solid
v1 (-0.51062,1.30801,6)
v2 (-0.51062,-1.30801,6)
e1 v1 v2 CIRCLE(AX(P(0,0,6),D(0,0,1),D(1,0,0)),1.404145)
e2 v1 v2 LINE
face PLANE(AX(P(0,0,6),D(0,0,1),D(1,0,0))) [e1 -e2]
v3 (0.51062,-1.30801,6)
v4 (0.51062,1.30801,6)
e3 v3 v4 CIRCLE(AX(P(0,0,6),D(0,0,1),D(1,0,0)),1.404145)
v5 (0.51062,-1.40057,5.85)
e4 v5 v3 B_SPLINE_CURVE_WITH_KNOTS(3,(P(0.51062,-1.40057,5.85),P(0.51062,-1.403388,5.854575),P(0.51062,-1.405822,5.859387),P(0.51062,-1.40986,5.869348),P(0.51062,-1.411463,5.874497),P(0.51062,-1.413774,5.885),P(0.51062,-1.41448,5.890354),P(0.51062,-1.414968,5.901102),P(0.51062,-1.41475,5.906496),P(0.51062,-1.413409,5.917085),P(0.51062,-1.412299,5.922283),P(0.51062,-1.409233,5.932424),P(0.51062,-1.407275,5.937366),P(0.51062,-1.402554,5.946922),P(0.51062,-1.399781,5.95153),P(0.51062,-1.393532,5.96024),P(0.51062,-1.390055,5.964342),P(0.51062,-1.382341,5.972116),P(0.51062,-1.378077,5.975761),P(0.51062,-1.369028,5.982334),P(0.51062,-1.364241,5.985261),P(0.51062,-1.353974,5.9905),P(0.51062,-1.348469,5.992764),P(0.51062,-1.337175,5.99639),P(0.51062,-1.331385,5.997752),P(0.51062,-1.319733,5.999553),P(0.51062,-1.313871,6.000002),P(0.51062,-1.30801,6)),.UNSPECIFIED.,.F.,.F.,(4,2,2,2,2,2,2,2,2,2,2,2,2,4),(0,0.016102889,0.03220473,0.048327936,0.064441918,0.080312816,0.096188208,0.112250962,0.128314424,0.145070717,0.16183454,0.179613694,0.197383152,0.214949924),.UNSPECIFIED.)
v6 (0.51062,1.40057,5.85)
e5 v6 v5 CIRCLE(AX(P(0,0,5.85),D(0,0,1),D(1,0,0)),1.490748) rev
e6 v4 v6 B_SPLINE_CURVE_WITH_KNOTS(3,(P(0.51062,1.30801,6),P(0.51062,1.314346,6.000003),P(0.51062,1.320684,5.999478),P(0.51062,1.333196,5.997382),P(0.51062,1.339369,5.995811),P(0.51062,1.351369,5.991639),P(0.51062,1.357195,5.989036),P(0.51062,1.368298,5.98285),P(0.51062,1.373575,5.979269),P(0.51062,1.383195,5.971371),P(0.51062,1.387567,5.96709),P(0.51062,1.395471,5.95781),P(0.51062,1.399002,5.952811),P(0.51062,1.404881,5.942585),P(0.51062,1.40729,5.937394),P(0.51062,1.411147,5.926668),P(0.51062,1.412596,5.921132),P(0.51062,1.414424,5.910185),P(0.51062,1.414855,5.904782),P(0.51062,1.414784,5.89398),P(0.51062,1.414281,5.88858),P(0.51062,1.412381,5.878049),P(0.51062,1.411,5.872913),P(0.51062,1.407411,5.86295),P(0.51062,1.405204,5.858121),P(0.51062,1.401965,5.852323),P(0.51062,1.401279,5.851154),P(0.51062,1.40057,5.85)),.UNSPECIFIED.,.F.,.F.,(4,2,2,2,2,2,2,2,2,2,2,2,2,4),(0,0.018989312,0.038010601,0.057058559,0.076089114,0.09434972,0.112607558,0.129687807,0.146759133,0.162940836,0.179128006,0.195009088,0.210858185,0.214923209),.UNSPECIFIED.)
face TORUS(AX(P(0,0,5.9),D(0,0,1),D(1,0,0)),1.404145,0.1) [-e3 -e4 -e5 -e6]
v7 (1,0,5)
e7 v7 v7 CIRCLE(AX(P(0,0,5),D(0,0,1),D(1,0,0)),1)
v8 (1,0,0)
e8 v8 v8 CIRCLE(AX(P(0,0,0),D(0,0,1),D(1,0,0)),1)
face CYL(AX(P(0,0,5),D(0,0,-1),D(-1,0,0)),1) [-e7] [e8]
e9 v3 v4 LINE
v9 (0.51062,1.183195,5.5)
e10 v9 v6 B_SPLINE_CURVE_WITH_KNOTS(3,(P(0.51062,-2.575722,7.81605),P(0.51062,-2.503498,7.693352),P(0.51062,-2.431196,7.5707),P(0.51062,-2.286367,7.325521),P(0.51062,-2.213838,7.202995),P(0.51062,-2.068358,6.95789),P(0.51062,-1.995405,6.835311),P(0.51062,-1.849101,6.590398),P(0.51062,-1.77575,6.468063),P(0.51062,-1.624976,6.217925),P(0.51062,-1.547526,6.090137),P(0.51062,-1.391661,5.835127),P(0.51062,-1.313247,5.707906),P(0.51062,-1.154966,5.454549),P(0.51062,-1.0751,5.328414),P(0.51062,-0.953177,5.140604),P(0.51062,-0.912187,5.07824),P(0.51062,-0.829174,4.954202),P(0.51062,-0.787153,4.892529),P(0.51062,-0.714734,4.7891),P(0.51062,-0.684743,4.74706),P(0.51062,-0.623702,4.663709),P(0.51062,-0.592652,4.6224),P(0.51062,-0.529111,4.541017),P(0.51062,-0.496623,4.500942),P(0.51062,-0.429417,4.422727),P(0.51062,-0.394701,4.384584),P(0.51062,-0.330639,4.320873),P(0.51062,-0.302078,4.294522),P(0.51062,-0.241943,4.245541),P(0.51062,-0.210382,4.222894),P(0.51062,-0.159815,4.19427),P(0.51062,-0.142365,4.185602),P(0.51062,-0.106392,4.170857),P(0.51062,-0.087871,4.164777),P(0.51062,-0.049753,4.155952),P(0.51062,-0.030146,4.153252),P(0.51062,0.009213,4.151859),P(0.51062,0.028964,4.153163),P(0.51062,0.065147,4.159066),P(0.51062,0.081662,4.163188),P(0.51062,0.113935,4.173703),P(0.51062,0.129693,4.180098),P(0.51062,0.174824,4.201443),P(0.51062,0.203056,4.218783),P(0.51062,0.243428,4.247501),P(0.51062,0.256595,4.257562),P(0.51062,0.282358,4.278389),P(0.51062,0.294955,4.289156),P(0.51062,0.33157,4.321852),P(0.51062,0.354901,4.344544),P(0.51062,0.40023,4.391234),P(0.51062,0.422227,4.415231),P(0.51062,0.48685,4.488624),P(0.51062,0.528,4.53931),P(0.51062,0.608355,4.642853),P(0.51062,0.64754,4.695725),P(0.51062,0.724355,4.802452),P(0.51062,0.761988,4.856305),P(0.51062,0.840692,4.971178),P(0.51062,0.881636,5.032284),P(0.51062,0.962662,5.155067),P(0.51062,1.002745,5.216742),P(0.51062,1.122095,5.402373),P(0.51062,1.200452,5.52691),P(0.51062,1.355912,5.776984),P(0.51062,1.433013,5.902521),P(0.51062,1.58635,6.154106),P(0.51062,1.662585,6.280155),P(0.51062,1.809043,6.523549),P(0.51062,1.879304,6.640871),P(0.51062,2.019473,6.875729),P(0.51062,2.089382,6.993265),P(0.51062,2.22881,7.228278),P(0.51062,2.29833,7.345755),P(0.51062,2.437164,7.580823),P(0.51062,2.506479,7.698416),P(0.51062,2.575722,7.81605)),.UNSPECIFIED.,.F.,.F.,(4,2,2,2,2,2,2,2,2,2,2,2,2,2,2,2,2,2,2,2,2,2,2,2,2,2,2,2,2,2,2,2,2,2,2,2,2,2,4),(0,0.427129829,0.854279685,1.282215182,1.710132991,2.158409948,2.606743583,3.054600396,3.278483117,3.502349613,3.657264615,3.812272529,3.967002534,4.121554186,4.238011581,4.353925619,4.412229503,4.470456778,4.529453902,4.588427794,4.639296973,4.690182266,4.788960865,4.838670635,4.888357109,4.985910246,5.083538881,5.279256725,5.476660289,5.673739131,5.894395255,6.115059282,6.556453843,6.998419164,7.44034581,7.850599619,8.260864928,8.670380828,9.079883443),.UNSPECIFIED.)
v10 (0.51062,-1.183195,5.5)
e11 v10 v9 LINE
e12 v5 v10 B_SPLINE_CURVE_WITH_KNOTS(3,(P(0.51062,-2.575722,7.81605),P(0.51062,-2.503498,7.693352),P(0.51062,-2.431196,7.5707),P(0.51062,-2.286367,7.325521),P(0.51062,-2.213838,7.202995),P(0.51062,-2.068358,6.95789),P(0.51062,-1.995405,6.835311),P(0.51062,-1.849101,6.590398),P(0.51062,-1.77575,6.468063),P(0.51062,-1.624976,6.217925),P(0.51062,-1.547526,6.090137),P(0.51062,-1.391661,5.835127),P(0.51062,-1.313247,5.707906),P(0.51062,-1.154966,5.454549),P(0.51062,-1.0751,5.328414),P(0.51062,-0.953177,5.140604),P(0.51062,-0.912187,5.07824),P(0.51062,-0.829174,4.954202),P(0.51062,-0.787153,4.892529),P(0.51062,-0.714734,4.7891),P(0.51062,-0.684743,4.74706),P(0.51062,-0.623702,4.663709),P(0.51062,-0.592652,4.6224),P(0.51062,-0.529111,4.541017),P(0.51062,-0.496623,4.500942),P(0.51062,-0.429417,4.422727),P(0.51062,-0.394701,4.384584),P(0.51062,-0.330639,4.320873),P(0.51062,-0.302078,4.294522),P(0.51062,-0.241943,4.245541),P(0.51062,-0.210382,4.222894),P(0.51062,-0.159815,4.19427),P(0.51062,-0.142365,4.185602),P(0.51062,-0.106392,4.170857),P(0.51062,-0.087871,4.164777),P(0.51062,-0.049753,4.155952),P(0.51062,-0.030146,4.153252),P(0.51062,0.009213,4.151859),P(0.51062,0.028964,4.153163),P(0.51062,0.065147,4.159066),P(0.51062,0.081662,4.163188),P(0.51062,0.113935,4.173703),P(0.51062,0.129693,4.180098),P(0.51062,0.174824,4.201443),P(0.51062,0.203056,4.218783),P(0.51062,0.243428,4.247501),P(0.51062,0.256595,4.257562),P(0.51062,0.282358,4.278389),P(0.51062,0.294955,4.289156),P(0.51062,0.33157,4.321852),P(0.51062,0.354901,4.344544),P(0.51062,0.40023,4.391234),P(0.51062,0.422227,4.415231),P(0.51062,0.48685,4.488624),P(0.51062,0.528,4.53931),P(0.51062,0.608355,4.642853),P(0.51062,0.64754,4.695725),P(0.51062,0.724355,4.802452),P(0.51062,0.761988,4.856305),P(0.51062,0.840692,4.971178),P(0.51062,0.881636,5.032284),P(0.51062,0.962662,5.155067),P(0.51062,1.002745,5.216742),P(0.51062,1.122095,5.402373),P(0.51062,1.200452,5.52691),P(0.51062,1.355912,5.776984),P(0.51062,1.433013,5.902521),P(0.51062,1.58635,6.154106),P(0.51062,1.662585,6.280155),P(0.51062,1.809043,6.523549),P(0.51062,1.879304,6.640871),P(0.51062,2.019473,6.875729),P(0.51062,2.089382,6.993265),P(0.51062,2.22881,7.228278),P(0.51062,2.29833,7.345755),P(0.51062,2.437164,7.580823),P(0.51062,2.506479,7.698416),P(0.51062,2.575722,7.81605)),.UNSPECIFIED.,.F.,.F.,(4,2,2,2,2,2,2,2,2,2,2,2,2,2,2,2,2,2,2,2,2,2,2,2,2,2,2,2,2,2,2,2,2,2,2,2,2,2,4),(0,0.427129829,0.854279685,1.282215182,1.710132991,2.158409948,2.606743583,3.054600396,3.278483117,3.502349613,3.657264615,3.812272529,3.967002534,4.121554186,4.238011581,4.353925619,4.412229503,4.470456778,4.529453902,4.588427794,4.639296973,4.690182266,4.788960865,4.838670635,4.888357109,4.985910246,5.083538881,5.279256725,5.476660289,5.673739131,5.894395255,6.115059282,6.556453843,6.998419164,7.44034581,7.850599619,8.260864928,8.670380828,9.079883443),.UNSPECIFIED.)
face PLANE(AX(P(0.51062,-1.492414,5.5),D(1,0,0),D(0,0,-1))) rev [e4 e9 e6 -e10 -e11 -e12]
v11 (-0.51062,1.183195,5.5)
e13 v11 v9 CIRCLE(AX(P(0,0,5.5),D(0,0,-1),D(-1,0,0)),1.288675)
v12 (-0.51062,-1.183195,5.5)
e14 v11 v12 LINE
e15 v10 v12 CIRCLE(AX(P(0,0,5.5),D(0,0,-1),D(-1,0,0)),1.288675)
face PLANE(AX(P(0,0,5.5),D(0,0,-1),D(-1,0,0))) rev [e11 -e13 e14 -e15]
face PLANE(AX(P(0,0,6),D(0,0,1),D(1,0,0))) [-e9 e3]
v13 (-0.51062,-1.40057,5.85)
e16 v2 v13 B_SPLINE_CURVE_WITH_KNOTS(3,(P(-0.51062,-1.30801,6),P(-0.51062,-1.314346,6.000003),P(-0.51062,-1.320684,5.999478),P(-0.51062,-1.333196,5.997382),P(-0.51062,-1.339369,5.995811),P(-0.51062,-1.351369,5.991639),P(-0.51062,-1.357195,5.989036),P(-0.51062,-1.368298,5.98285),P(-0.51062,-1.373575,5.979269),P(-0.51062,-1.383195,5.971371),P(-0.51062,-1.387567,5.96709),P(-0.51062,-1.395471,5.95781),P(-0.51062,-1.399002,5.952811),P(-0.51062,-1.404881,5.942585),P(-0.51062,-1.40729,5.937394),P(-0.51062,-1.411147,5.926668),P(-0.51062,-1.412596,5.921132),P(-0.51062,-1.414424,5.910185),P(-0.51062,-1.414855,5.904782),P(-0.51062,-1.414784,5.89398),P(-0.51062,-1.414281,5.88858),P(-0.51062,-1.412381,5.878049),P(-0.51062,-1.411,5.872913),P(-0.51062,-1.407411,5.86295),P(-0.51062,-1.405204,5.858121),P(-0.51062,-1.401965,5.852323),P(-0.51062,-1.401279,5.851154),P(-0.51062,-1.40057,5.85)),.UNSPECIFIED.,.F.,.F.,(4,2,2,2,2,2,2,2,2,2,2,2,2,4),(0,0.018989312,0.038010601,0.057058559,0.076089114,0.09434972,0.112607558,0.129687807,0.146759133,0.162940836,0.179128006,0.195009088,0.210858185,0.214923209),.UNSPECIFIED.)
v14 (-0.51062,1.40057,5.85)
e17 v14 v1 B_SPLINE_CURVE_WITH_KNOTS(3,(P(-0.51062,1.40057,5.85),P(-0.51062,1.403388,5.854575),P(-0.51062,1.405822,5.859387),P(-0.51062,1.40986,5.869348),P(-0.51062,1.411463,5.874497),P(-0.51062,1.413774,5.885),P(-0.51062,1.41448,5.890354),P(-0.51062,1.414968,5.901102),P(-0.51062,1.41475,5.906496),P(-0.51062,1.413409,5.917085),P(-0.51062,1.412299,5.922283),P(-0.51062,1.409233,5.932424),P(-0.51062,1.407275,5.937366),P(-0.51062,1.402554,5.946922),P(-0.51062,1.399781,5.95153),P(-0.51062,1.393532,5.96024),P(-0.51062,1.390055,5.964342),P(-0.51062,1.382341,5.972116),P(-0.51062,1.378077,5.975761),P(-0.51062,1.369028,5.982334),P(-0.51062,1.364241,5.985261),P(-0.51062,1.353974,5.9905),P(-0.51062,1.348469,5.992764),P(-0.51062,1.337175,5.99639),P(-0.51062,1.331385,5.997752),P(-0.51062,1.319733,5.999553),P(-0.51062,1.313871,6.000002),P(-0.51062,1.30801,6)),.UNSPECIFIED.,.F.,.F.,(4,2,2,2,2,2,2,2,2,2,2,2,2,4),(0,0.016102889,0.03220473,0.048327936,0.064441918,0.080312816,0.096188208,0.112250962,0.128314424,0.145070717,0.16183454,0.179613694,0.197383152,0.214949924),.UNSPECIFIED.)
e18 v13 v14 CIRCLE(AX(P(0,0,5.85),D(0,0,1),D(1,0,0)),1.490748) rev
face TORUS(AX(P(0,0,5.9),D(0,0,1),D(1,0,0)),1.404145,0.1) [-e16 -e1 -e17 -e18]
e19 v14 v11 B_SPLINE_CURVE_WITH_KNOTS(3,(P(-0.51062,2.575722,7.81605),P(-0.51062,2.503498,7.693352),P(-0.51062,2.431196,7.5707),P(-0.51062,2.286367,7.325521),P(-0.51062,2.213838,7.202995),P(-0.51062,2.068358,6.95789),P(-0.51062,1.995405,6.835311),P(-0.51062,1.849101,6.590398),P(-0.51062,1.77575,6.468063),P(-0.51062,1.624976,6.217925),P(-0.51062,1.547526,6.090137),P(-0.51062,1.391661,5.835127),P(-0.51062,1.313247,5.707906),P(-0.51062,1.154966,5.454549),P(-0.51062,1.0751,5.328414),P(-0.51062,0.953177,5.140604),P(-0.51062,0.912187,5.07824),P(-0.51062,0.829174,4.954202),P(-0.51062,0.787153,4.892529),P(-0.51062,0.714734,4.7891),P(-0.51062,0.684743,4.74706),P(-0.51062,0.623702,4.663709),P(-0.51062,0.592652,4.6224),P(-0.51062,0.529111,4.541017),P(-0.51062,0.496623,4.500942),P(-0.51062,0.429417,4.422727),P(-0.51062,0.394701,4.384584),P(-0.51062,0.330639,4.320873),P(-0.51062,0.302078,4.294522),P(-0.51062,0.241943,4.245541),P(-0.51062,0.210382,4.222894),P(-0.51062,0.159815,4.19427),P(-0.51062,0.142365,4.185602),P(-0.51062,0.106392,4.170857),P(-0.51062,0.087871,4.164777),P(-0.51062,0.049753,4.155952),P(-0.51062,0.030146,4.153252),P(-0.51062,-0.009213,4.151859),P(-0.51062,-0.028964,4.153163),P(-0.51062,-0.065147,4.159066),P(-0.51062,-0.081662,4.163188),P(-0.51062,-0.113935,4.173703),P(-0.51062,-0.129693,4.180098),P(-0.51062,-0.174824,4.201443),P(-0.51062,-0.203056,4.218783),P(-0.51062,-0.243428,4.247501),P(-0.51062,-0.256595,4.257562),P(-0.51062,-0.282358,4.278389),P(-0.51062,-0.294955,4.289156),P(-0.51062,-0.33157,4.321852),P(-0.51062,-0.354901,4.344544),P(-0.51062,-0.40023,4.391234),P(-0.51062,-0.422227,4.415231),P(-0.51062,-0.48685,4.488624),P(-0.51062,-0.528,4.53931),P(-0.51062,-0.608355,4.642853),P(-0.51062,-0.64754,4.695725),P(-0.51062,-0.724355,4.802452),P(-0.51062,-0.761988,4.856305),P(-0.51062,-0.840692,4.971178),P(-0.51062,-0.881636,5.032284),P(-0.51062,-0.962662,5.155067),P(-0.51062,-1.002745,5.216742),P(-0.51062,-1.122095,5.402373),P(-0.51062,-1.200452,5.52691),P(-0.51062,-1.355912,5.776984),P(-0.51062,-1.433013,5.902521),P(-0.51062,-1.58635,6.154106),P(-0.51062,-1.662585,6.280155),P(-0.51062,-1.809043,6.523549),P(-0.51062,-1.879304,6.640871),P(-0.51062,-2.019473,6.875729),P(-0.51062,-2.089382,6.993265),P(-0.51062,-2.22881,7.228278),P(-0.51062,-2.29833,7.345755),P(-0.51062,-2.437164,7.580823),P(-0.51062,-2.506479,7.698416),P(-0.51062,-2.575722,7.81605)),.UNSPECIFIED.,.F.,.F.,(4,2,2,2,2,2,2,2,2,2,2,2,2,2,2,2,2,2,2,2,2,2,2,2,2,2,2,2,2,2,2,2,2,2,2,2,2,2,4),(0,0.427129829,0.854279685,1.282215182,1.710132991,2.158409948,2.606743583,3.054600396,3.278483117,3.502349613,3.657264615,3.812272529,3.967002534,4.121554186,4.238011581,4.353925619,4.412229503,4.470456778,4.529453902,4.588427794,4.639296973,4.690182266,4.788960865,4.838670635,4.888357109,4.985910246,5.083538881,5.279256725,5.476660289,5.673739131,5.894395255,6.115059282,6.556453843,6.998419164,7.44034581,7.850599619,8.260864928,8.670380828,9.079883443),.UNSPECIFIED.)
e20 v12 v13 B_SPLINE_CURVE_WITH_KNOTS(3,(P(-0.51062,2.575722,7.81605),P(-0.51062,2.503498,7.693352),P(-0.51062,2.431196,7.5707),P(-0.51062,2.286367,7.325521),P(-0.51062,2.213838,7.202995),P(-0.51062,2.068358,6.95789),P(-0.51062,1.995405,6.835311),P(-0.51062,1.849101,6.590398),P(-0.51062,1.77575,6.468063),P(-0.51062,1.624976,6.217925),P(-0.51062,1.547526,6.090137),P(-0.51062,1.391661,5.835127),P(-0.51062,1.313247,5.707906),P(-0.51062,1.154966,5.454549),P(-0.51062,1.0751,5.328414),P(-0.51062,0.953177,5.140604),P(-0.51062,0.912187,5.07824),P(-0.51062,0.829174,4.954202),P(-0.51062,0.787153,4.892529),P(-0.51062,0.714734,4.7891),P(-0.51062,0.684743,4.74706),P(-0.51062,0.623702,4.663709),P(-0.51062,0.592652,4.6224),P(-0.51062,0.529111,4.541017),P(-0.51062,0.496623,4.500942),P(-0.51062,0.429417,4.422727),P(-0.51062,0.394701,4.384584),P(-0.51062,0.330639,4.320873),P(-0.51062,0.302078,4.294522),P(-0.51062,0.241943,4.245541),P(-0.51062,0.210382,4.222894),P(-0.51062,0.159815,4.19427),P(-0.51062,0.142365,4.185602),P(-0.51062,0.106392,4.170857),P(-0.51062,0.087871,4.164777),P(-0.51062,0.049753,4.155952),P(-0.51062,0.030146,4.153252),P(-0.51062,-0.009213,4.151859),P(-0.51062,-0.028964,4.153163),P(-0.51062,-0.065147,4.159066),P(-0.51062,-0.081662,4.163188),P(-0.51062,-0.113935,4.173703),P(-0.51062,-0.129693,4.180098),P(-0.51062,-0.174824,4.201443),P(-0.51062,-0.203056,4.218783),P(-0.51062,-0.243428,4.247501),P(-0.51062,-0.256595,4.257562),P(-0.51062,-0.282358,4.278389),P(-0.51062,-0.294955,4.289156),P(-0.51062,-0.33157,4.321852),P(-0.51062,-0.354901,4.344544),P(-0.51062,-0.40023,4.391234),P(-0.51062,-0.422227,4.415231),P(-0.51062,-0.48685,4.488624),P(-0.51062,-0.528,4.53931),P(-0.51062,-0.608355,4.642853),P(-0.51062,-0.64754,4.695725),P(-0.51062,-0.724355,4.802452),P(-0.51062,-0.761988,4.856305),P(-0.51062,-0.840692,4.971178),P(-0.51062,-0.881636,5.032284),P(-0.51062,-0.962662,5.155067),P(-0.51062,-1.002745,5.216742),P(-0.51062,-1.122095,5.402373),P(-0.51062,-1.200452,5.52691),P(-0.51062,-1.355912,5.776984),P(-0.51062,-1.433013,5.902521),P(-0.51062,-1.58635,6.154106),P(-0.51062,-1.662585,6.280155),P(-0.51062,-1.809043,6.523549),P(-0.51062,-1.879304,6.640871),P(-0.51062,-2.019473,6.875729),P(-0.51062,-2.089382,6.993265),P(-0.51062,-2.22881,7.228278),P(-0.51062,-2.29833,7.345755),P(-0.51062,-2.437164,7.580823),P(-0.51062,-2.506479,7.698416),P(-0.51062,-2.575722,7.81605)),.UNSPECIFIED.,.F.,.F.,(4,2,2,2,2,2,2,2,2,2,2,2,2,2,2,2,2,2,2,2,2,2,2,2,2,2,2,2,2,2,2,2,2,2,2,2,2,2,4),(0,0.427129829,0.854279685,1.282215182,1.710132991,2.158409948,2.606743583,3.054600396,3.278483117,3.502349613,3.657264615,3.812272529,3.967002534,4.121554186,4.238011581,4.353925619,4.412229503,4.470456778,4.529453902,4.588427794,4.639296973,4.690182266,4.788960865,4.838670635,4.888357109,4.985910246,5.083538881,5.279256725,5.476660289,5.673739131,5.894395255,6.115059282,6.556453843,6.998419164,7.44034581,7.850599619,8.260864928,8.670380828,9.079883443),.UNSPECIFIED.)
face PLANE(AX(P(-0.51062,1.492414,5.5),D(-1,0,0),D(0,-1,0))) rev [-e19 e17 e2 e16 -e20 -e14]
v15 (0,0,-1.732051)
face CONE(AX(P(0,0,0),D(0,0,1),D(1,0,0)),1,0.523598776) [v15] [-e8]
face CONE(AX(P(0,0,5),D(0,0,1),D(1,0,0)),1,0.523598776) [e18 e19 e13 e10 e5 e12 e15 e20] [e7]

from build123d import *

# Parameters (mm, degrees)
SKETCH1_R           = 1
BOSS_EXTRUDE1_DEPTH = 5
SKETCH2_R           = 1
BOSS_EXTRUDE3_DEPTH = 1
BOSS_EXTRUDE3_DRAFT = -30
CUT_EXTRUDE1_DEPTH  = 0.5
FILLET2_R           = 0.1


with BuildPart() as part:
    # Sketch1 → Boss-Extrude1 (new body)
    with BuildSketch(Plane.XY):
        Circle(SKETCH1_R)
    extrude(amount=BOSS_EXTRUDE1_DEPTH)

    # Boss-Extrude2 cone 1 section (through the dimple's axis) → Boss-Extrude2 (revolve)
    with BuildSketch(Plane(origin=(0, 0, 0), x_dir=(0, -1, 0), z_dir=(1, 0, 0))):
        Polygon((0, 0), (1, 0), (0, 1.732050808), align=None)
    revolve(axis=Axis((0, 0, 0), (0, 0, -1)))


with BuildPart() as boss_extrude3_tool:
    # Sketch2 → Boss-Extrude3 (with draft: the straight prism first)
    with BuildSketch(Plane.XY.offset(5)):
        Circle(SKETCH2_R)
    extrude(amount=BOSS_EXTRUDE3_DEPTH)
    # Boss-Extrude3: the draft: its side faces are tilted about the plane it starts from
    boss_extrude3_sides = [boss_extrude3_tool.faces().sort_by_distance(p)[0] for p in [
        (-1, 0, 5.5),
    ]]
    draft(boss_extrude3_sides, Plane.XY.offset(5), BOSS_EXTRUDE3_DRAFT)


with BuildPart() as part_1:
    add(part.part)

    # Boss-Extrude3: add boss_extrude3_tool
    add(boss_extrude3_tool.part)

    # Sketch3 → Cut-Extrude1 (cut)
    with BuildSketch(Plane.XY.offset(6)):
        with BuildLine():
            Line((-0.510620476, 1.492414353), (-0.510620476, -1.492414353))
            ThreePointArc((-0.510620476, -1.492414353), (0, -1.577350269), (0.510620476, -1.492414353))
            Line((0.510620476, -1.492414353), (0.510620476, 1.492414353))
            ThreePointArc((0.510620476, 1.492414353), (0, 1.577350269), (-0.510620476, 1.492414353))
        make_face()
    extrude(amount=-CUT_EXTRUDE1_DEPTH, mode=Mode.SUBTRACT)

    # Fillet2
    fillet2_edges = [part_1.edges().sort_by_distance(p)[0] for p in [
        (-1.577350269, 0, 6),
        (1.283250018, 0.917225852, 6),
    ]]
    fillet(fillet2_edges, radius=FILLET2_R)


solid = part_1.part
